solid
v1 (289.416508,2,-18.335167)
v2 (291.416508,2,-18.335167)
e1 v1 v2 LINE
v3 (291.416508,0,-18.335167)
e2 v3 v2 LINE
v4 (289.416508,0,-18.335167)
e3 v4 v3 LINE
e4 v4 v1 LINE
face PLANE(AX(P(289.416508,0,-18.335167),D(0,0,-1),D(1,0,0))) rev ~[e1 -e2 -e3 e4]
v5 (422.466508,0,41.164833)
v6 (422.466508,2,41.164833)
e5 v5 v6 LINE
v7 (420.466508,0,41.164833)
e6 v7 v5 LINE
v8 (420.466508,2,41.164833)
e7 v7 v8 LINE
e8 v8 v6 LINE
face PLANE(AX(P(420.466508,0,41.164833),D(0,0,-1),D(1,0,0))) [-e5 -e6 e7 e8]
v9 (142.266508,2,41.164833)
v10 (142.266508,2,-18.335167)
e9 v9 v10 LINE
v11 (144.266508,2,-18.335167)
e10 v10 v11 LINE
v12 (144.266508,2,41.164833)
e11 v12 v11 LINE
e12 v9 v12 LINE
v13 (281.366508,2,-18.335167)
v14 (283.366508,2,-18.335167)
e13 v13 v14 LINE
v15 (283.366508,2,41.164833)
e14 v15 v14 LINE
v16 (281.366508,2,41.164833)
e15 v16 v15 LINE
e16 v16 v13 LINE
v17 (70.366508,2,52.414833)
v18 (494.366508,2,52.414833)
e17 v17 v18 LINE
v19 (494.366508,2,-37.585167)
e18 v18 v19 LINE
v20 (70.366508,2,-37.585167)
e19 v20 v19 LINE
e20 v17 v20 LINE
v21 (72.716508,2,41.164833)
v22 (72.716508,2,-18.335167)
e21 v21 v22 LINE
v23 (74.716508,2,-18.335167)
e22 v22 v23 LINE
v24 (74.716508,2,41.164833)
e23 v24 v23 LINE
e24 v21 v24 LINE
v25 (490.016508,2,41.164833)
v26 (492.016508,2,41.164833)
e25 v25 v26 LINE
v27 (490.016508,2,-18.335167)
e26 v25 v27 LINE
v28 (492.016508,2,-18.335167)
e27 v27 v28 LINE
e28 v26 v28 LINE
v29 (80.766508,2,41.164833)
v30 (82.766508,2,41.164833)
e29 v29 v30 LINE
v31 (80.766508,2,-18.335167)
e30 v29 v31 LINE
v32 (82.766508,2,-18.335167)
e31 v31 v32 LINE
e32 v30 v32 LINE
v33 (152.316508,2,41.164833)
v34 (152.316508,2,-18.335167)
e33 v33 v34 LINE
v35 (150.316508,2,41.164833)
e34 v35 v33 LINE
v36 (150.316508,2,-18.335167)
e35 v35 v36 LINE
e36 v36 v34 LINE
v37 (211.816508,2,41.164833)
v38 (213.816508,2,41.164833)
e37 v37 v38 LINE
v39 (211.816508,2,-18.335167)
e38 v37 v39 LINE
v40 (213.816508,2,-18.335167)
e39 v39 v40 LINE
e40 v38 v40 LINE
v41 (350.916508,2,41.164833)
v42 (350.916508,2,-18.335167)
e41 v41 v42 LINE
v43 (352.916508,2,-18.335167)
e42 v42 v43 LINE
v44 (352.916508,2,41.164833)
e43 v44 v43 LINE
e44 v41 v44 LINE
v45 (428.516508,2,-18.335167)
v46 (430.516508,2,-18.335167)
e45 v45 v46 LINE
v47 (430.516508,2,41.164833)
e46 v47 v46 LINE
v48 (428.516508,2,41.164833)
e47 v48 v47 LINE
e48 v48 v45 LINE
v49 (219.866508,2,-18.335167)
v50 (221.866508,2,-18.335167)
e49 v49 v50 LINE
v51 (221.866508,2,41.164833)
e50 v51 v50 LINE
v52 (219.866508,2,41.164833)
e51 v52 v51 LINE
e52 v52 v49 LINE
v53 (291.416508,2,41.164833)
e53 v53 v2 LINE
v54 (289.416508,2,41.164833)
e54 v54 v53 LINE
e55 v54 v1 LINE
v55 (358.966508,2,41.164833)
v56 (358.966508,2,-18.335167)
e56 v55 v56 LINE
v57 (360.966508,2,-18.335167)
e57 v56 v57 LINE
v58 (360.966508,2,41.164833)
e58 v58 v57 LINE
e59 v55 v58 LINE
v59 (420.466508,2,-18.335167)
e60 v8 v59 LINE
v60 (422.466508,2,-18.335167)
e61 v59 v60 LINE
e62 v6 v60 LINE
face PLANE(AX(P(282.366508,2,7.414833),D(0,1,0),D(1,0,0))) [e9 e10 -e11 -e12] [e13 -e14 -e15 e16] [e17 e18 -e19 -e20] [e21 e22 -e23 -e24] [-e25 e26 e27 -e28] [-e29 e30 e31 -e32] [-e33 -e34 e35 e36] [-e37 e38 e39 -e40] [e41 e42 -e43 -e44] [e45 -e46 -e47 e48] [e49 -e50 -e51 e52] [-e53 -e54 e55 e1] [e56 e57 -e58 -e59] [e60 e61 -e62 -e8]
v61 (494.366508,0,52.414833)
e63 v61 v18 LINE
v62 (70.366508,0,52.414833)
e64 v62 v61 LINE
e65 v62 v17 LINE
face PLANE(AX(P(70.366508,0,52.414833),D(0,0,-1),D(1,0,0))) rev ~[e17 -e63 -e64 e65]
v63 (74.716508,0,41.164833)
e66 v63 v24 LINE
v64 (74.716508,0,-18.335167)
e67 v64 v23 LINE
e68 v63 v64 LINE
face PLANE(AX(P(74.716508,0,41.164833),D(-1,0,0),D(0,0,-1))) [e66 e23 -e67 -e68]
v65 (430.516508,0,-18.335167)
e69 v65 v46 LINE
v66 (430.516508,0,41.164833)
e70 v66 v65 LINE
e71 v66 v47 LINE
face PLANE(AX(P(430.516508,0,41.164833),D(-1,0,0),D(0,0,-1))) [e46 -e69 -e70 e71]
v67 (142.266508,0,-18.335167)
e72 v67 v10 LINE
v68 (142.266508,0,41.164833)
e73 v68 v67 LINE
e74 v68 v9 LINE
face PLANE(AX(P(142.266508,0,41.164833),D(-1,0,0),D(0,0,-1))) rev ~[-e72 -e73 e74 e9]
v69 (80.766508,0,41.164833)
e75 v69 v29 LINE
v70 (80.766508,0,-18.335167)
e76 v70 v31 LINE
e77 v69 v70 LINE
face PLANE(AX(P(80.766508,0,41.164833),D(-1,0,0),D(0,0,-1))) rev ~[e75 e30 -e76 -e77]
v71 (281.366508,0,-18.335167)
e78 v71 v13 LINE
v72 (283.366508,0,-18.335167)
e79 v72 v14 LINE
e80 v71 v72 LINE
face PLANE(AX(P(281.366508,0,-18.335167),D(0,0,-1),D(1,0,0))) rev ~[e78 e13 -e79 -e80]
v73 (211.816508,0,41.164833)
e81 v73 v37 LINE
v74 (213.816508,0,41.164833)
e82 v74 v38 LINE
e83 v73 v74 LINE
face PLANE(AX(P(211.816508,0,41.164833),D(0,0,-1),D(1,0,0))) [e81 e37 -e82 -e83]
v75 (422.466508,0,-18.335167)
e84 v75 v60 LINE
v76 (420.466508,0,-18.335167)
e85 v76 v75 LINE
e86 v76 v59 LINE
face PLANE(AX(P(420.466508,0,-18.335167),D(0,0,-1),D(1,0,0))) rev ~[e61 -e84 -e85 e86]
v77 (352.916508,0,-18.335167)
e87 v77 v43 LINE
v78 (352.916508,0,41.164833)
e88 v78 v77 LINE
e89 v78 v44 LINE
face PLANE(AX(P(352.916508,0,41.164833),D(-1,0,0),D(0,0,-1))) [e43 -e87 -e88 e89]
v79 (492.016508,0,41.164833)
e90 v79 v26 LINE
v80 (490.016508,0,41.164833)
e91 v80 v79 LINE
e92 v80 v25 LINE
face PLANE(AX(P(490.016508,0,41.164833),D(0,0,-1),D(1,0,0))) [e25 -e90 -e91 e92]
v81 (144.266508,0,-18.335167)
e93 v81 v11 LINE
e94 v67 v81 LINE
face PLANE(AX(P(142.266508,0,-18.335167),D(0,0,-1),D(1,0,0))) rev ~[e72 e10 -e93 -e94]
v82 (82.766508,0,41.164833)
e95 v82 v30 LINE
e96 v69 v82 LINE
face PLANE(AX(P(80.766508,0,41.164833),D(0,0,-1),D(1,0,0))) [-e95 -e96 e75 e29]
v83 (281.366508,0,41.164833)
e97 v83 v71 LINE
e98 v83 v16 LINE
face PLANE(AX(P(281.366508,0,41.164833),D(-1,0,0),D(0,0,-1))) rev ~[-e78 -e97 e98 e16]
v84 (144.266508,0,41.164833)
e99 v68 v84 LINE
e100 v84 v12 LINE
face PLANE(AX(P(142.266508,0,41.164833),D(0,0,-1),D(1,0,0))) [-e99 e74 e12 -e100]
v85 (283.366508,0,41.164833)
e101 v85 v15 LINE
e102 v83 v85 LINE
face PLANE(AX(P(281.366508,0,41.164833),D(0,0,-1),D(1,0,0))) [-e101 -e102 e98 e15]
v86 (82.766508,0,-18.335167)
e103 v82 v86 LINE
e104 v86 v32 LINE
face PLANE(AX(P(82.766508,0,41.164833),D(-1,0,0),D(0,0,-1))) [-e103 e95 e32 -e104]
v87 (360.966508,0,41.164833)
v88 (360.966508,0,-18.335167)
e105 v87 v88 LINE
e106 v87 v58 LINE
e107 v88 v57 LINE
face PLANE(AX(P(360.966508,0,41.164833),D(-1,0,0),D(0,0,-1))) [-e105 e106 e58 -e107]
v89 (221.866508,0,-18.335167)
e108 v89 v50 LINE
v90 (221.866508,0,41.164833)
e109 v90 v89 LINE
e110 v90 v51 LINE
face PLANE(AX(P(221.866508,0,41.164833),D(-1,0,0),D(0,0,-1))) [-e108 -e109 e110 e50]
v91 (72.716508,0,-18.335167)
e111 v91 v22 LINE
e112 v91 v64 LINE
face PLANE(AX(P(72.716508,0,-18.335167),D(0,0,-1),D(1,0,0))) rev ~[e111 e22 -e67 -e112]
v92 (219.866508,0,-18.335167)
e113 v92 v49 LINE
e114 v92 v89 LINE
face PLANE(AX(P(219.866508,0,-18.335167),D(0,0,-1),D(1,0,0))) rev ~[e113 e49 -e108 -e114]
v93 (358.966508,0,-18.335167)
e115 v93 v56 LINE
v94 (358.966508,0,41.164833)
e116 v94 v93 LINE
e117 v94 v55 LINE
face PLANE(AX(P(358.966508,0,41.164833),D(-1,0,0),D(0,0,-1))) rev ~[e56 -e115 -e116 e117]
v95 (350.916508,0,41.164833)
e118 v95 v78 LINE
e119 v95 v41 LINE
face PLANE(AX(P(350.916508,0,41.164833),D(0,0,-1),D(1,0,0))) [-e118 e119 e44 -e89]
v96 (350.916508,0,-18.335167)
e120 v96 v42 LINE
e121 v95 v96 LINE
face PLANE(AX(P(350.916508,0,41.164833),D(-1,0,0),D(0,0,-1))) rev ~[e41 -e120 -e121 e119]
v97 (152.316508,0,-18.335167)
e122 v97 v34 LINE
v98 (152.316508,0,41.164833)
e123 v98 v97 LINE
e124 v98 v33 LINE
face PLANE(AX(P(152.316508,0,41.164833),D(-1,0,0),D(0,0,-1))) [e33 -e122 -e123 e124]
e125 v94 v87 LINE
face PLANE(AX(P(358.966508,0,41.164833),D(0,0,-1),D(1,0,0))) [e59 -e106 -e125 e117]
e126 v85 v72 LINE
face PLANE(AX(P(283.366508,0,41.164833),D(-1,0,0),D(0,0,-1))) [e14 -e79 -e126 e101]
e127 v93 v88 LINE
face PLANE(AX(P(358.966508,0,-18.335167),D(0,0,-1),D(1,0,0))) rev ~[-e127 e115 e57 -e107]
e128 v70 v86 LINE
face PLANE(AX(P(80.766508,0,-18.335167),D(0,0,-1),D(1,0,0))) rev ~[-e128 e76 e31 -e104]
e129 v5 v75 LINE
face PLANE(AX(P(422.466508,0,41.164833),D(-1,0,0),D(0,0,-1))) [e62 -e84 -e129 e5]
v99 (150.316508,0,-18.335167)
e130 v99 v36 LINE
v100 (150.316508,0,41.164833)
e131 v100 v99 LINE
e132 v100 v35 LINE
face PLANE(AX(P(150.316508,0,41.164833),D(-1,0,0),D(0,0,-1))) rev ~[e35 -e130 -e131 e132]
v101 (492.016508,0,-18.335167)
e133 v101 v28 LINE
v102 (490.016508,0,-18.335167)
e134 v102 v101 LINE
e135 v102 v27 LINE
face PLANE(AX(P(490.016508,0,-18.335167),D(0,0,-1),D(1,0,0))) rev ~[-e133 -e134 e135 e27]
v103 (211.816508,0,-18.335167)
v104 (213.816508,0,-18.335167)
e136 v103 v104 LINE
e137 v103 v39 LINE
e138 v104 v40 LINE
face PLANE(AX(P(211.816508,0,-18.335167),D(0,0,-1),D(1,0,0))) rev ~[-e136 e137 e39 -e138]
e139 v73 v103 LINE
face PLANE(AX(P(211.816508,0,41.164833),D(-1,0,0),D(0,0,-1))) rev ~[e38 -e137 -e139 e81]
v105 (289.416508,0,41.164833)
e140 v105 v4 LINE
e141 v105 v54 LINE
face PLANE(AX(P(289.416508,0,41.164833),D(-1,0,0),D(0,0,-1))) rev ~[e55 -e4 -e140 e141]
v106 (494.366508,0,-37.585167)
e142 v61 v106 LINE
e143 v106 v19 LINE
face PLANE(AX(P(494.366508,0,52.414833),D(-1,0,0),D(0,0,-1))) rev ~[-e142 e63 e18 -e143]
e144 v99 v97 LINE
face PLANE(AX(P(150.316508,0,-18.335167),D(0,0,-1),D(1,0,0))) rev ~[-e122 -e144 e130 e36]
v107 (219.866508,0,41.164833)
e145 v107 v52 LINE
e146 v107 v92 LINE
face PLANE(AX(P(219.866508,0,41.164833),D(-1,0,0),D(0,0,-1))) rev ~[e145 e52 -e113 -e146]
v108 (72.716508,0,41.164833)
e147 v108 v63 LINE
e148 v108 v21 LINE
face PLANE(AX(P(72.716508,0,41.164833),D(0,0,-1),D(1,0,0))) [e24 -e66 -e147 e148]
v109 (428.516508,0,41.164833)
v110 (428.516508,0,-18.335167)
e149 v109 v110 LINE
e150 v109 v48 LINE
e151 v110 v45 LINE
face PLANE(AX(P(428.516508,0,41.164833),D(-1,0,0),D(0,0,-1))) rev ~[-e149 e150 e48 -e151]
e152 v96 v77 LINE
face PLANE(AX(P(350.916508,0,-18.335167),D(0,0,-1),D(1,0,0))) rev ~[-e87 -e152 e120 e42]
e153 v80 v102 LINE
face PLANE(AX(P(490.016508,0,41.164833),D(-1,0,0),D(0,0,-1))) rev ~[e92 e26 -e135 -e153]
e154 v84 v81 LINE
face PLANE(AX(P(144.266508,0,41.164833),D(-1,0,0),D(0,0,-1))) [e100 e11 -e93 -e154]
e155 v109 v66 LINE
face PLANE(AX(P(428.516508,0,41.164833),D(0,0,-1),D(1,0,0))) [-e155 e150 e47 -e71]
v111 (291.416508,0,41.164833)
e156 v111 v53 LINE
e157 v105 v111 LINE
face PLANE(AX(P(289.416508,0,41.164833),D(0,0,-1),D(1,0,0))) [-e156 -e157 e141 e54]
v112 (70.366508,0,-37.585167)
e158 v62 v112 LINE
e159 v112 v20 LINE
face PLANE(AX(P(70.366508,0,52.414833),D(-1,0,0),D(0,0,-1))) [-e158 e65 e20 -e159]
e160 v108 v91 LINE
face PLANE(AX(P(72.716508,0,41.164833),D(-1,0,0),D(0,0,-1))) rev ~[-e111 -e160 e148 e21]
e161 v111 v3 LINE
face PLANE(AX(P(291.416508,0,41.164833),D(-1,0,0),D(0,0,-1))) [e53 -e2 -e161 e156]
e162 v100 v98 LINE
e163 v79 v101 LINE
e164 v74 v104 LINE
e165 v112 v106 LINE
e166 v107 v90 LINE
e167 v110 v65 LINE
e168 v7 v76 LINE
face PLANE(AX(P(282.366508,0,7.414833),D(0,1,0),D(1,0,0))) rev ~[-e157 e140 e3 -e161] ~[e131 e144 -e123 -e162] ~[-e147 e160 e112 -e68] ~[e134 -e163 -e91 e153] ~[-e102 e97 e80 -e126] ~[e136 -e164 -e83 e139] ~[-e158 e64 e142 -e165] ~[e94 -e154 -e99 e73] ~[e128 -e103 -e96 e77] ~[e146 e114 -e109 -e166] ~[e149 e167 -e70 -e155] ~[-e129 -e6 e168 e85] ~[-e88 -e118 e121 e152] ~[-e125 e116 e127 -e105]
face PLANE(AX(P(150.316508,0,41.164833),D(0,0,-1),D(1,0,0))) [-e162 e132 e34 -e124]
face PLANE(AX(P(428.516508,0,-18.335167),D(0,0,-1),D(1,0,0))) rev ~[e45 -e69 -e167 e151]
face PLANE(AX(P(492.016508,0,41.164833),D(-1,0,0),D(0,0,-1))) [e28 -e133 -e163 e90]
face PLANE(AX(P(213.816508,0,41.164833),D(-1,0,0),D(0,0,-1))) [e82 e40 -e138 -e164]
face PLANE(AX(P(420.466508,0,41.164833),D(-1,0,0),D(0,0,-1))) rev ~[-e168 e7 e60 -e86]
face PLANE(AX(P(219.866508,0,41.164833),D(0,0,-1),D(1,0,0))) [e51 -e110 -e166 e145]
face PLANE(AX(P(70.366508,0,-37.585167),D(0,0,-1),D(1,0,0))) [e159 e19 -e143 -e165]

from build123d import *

# Parameters (mm, degrees)
SKETCH2_W           = 424
SKETCH2_H           = 90
SKETCH2_W_2         = 2
SKETCH2_H_2         = 59.5
BOSS_EXTRUDE1_DEPTH = 2


with BuildPart() as part:
    # Sketch2 → Boss-Extrude1 (new body)
    with BuildSketch(Plane(origin=(0, 0, 0), x_dir=(1, 0, 0), z_dir=(0, 1, 0))):
        with Locations((282.3665082, -7.414833114)):
            Rectangle(SKETCH2_W, SKETCH2_H)
        with Locations((73.7165082, -11.414833114)):
            Rectangle(SKETCH2_W_2, SKETCH2_H_2, mode=Mode.SUBTRACT)
        with Locations((143.2665082, -11.414833114)):
            Rectangle(SKETCH2_W_2, SKETCH2_H_2, mode=Mode.SUBTRACT)
        with Locations((81.7665082, -11.414833114)):
            Rectangle(SKETCH2_W_2, SKETCH2_H_2, mode=Mode.SUBTRACT)
        with Locations((151.3165082, -11.414833114)):
            Rectangle(SKETCH2_W_2, SKETCH2_H_2, mode=Mode.SUBTRACT)
        with Locations((212.8165082, -11.414833114)):
            Rectangle(SKETCH2_W_2, SKETCH2_H_2, mode=Mode.SUBTRACT)
        with Locations((220.8665082, -11.414833114)):
            Rectangle(SKETCH2_W_2, SKETCH2_H_2, mode=Mode.SUBTRACT)
        with Locations((282.3665082, -11.414833114)):
            Rectangle(SKETCH2_W_2, SKETCH2_H_2, mode=Mode.SUBTRACT)
        with Locations((290.4165082, -11.414833114)):
            Rectangle(SKETCH2_W_2, SKETCH2_H_2, mode=Mode.SUBTRACT)
        with Locations((351.9165082, -11.414833114)):
            Rectangle(SKETCH2_W_2, SKETCH2_H_2, mode=Mode.SUBTRACT)
        with Locations((359.9665082, -11.414833114)):
            Rectangle(SKETCH2_W_2, SKETCH2_H_2, mode=Mode.SUBTRACT)
        with Locations((421.4665082, -11.414833114)):
            Rectangle(SKETCH2_W_2, SKETCH2_H_2, mode=Mode.SUBTRACT)
        with Locations((429.5165082, -11.414833114)):
            Rectangle(SKETCH2_W_2, SKETCH2_H_2, mode=Mode.SUBTRACT)
        with Locations((491.0165082, -11.414833114)):
            Rectangle(SKETCH2_W_2, SKETCH2_H_2, mode=Mode.SUBTRACT)
    extrude(amount=BOSS_EXTRUDE1_DEPTH)


solid = part.part
